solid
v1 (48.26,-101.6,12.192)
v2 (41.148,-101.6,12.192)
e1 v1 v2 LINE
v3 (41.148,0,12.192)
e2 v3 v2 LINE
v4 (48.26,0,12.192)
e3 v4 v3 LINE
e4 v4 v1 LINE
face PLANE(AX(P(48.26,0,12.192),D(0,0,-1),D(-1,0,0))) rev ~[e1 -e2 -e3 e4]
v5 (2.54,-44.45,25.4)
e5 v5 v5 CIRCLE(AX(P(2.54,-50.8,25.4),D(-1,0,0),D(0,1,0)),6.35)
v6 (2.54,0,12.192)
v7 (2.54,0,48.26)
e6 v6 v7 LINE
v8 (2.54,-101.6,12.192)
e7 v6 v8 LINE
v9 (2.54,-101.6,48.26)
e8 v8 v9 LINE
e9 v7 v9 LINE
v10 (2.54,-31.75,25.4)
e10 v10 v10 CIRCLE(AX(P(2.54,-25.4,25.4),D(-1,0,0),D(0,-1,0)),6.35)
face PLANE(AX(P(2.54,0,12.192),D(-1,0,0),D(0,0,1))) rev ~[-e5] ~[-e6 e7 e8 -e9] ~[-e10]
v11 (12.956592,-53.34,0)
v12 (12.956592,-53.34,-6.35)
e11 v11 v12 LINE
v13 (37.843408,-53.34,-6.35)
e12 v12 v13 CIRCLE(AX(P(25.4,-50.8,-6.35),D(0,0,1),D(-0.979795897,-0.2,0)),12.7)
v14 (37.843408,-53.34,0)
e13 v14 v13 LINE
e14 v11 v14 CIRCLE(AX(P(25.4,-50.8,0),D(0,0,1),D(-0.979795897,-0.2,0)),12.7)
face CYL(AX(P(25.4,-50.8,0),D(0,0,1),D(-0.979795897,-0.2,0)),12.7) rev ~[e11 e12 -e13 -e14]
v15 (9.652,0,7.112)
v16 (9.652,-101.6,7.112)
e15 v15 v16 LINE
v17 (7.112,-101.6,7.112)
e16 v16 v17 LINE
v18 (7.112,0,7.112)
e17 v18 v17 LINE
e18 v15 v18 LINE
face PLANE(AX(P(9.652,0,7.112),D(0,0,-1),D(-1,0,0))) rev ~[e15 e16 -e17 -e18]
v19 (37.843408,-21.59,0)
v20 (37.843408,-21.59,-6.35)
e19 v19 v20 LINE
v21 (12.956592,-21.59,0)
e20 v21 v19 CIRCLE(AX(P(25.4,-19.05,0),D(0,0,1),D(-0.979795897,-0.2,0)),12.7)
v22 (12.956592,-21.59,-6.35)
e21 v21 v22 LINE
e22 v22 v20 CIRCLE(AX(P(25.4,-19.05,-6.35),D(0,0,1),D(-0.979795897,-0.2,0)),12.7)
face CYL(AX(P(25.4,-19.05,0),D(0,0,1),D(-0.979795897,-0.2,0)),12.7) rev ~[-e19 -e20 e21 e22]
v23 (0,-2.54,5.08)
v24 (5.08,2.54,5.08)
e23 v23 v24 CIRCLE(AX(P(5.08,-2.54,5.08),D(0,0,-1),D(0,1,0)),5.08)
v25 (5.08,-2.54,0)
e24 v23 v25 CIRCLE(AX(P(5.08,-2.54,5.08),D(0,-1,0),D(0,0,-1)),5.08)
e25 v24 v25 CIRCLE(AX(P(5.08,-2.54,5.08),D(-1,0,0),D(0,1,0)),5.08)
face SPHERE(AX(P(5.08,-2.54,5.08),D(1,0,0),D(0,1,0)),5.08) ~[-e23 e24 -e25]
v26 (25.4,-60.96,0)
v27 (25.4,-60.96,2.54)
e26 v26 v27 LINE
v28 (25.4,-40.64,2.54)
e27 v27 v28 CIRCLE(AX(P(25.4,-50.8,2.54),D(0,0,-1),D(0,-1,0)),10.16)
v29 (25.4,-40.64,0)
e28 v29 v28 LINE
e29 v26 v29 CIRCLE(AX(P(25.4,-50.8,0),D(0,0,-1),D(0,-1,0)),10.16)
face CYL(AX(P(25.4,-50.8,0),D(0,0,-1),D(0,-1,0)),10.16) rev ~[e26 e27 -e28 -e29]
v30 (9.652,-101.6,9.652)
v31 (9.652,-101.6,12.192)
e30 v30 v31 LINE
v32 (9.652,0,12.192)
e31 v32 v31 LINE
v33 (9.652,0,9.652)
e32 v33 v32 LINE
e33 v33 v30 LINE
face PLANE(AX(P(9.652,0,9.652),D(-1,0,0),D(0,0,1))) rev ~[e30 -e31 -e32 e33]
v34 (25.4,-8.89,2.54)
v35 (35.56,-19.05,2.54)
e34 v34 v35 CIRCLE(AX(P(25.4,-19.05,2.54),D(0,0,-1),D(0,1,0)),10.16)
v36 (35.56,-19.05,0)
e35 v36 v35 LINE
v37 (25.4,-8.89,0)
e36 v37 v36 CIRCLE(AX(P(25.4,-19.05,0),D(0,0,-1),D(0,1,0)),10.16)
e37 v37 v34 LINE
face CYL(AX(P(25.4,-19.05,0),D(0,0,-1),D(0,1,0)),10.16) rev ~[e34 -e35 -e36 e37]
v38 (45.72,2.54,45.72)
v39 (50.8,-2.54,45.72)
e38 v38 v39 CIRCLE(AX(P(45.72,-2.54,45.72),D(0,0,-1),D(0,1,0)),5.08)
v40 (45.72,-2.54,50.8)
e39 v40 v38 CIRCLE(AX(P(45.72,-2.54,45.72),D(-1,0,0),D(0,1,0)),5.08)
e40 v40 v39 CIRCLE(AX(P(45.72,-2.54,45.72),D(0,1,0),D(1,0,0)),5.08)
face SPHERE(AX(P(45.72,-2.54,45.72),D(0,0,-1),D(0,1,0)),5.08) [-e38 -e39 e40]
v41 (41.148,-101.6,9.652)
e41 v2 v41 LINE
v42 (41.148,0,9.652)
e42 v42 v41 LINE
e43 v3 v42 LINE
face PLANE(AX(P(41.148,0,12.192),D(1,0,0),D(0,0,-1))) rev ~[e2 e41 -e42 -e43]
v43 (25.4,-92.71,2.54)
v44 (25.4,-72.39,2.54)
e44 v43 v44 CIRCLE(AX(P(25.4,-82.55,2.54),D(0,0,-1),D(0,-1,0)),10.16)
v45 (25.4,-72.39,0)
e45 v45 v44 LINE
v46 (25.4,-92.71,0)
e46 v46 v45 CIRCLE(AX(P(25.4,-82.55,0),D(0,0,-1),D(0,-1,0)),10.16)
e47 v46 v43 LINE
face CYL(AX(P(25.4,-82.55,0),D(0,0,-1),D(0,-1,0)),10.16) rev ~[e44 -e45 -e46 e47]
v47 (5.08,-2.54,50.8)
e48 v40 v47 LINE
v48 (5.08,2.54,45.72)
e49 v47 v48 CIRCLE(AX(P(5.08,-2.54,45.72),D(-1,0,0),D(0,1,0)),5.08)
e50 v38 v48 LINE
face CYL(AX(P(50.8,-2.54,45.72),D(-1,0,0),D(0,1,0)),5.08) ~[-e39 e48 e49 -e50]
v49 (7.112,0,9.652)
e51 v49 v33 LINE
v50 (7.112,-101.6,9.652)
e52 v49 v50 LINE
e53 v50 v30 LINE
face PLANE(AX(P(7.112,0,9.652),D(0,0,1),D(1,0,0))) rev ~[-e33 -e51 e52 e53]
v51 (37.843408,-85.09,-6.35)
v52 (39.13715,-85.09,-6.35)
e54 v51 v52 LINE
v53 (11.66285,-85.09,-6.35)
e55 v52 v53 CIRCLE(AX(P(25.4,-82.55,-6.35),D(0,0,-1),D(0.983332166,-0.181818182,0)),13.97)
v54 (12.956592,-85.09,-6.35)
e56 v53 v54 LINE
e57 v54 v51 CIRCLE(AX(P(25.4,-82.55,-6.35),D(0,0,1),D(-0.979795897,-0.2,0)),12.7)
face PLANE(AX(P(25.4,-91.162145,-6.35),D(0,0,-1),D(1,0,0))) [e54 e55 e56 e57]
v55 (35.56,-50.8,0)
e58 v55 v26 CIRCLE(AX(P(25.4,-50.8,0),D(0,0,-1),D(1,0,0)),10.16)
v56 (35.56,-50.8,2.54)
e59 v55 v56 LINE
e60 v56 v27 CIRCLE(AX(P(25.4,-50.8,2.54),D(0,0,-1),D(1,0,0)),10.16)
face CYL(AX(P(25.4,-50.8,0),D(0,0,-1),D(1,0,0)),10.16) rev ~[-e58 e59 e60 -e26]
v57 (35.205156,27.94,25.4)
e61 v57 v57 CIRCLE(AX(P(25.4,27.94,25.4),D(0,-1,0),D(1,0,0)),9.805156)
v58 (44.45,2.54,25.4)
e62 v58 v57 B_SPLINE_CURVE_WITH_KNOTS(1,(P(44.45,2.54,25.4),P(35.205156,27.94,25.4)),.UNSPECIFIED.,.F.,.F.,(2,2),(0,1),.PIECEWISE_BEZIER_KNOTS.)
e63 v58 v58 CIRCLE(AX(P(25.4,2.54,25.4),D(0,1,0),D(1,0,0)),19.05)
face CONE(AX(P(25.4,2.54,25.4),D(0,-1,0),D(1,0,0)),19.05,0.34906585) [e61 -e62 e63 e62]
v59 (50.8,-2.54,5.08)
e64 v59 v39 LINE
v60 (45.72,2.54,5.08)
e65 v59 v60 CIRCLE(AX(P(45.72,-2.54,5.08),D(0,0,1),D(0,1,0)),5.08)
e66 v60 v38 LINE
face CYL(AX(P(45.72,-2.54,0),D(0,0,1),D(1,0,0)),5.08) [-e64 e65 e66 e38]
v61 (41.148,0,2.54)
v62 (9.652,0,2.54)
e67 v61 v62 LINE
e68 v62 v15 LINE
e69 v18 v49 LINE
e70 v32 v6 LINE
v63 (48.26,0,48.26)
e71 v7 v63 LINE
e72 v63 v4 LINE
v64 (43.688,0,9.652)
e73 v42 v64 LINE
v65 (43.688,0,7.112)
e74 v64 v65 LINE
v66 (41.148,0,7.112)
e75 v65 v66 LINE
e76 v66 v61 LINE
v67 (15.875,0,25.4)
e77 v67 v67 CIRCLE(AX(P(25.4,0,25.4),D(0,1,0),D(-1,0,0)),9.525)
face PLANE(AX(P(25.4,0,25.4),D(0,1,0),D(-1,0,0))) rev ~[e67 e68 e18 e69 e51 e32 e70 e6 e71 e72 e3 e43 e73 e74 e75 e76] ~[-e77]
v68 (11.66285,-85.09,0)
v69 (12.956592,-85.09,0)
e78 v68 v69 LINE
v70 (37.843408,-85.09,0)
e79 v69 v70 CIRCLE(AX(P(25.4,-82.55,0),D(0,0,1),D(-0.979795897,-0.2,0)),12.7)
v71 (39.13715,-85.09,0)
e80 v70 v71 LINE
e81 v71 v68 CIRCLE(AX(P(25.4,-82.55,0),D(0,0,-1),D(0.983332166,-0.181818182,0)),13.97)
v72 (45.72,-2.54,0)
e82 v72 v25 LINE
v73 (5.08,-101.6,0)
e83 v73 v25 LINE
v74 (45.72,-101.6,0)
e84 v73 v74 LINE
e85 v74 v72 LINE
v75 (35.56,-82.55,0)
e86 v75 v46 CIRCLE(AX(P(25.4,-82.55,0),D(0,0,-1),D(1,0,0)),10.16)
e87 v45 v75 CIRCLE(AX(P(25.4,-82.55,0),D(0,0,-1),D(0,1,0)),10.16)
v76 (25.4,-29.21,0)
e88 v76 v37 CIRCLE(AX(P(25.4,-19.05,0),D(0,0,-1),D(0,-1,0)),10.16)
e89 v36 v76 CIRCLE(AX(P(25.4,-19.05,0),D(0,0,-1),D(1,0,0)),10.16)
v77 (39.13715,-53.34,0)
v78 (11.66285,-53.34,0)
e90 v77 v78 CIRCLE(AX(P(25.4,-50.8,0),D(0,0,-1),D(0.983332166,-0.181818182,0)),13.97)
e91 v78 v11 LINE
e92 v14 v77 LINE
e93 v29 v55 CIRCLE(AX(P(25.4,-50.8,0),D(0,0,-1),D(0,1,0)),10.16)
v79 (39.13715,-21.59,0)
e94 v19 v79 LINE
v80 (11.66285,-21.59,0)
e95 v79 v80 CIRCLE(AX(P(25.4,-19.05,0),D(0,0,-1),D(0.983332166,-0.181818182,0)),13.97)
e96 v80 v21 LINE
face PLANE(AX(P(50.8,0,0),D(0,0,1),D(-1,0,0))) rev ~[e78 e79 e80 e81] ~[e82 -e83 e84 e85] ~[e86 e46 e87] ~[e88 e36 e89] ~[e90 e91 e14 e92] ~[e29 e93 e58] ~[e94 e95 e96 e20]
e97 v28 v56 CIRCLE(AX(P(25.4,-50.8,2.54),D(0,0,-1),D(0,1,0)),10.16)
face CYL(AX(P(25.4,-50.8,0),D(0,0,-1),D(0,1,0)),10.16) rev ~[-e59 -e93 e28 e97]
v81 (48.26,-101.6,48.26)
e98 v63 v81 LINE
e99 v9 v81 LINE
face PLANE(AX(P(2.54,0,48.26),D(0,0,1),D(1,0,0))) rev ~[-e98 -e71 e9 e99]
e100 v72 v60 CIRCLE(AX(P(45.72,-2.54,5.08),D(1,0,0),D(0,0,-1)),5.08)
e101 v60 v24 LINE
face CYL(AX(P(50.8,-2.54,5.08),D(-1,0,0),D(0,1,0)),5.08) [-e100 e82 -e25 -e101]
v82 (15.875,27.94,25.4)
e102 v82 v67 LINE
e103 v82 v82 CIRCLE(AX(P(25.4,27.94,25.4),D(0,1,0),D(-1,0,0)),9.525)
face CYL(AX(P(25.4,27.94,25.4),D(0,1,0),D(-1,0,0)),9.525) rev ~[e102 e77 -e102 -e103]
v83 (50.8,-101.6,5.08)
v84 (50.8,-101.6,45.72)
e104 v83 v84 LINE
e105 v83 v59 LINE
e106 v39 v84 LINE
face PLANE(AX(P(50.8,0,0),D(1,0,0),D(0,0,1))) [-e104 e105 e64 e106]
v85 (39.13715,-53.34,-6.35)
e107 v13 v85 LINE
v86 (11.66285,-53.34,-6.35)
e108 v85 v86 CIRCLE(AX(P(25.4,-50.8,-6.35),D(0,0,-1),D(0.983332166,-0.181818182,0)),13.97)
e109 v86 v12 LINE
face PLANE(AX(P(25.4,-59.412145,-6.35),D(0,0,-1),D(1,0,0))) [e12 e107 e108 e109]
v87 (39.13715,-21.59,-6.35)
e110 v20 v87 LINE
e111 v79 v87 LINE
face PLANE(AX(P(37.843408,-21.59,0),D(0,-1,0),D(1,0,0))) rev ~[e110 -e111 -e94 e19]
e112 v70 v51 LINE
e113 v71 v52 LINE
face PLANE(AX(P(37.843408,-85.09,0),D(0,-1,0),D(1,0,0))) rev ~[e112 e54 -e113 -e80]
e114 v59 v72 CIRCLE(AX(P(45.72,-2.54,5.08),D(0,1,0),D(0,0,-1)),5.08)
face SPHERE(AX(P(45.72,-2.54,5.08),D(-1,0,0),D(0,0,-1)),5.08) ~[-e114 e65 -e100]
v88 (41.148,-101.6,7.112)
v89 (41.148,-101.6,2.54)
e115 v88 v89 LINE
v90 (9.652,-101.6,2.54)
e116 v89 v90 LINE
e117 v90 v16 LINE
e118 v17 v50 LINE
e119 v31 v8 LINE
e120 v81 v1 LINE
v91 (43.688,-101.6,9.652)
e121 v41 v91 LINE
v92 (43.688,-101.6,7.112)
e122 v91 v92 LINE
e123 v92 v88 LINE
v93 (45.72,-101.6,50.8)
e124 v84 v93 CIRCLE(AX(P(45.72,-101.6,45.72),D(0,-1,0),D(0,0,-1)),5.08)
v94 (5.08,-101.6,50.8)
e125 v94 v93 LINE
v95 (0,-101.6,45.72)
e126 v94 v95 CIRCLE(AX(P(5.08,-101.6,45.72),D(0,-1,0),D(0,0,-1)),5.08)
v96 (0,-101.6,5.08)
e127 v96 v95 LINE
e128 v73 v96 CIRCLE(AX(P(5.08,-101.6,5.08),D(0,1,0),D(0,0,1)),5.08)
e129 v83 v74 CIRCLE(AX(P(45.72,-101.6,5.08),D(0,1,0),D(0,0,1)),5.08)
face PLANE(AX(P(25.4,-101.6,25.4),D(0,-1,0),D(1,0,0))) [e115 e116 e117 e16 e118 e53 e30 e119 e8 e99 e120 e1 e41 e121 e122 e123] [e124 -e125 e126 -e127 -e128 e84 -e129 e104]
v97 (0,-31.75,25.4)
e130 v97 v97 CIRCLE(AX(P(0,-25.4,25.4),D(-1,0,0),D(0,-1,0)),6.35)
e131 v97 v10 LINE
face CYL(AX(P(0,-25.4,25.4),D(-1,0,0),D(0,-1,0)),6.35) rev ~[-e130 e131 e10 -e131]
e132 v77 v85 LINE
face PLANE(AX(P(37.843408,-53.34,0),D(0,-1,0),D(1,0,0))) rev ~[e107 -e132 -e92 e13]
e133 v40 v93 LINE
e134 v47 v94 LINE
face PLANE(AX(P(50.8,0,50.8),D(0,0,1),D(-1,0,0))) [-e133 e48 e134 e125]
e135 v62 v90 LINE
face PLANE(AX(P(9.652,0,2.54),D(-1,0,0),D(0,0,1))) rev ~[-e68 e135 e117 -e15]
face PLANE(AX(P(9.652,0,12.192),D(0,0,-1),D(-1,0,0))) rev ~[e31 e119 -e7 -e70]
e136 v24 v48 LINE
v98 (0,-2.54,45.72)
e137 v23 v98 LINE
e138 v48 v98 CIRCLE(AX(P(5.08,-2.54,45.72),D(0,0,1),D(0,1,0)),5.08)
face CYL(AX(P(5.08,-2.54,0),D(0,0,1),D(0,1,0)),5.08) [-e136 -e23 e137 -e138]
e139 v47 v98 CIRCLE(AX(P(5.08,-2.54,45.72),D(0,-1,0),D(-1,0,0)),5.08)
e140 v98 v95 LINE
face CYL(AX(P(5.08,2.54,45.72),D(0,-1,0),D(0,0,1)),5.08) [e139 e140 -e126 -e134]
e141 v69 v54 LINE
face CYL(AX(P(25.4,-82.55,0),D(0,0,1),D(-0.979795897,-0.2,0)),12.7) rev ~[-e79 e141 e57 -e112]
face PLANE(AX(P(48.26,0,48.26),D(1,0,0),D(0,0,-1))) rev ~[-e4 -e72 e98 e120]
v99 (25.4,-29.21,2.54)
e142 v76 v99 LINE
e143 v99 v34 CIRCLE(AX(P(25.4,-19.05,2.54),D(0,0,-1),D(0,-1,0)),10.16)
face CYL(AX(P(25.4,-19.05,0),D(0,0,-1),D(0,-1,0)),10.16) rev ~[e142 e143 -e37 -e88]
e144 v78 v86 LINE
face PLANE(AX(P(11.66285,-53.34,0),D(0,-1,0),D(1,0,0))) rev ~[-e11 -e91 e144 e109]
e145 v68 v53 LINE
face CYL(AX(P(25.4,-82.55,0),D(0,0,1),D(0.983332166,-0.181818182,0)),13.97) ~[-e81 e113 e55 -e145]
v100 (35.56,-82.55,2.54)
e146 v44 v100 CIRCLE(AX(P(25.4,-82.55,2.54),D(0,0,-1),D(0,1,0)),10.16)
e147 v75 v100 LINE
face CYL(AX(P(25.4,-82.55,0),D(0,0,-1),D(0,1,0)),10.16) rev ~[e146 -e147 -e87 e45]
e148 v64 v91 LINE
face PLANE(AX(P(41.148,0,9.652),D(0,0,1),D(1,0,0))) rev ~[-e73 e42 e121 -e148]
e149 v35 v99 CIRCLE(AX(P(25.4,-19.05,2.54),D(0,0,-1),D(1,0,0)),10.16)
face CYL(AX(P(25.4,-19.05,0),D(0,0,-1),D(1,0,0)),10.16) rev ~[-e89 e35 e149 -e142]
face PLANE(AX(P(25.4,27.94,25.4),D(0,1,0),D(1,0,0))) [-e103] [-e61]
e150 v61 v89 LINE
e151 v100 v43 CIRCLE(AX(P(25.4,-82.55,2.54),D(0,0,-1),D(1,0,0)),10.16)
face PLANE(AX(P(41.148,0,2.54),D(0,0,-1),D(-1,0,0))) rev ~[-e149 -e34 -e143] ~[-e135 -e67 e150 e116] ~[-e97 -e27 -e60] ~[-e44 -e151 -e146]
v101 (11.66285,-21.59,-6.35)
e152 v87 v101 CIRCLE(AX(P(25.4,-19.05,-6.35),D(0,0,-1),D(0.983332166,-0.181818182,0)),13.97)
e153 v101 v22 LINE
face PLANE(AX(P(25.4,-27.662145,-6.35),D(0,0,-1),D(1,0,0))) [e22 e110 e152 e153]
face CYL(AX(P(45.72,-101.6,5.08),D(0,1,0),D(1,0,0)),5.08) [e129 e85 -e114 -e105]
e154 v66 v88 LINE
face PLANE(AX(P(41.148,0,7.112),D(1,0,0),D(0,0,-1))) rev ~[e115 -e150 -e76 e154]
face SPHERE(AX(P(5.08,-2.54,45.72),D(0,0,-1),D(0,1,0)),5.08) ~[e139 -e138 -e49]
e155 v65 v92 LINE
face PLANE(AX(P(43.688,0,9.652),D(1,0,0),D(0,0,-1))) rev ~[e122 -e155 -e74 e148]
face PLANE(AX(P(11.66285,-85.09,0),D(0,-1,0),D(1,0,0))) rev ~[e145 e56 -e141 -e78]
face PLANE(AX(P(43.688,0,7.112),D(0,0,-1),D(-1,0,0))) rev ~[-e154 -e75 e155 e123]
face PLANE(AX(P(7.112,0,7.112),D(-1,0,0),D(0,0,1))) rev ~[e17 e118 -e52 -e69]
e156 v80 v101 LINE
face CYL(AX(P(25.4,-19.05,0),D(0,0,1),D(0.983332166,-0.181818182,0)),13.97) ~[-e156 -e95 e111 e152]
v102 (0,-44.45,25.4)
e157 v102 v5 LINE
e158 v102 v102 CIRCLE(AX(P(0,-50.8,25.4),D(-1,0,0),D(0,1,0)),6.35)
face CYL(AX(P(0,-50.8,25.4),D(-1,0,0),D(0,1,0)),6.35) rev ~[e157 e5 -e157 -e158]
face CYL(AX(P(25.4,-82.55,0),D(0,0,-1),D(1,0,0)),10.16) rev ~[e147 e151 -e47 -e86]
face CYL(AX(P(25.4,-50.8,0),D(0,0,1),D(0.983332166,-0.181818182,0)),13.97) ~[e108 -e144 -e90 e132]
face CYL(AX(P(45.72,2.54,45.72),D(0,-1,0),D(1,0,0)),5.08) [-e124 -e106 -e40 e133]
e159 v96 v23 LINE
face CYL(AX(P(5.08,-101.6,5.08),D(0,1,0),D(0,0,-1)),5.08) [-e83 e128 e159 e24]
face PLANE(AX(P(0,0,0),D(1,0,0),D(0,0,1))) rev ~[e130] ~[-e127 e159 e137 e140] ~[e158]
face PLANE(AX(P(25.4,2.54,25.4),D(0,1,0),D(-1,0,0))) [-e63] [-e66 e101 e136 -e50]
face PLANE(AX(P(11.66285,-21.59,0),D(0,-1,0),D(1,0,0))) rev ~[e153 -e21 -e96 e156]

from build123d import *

# Parameters (mm, degrees)
F0_W      = 50.8
F0_H      = 50.8
F1_DEPTH  = 101.6
F3_DEPTH  = 7.62
F5_DEPTH  = 7.62
F7_DEPTH  = 6.35
F8_W      = 50.8
F8_H      = 50.8
F9_DEPTH  = 2.54
F11_DEPTH = 25.4
F11_TAPER = 20
F12_R     = 9.525
F13_DEPTH = 129.541
F14_R     = 5.08


with BuildPart() as f1:
    # F0 (on Front) → F1 (new body)
    with BuildSketch(Plane.XZ):
        with Locations((25.4, 25.4)):
            Rectangle(F0_W, F0_H)
        Polygon((2.54, 12.192), (2.54, 48.26), (48.26, 48.26), (48.26, 12.192), (41.148, 12.192), (41.148, 9.652), (43.688, 9.652), (43.688, 7.112), (41.148, 7.112), (41.148, 2.54), (9.652, 2.54), (9.652, 7.112), (7.112, 7.112), (7.112, 9.652), (9.652, 9.652), (9.652, 12.192), align=None, mode=Mode.SUBTRACT)
    extrude(amount=F1_DEPTH)

    # F2 (on face) → F3 (cut)
    with BuildSketch(Plane(origin=(0, 0, 0), x_dir=(1, 0, 0), z_dir=(0, 0, -1))):
        with BuildLine():
            ThreePointArc((25.4, 8.89), (32.5842048969, 11.8657951031), (35.56, 19.05))
            ThreePointArc((35.56, 19.05), (32.5842048969, 26.2342048969), (25.4, 29.21))
            Line((25.4, 29.21), (25.4, 8.89))
        make_face()
        with BuildLine():
            Line((25.4, 8.89), (25.4, 29.21))
            ThreePointArc((25.4, 29.21), (15.24, 19.05), (25.4, 8.89))
        make_face()
        with BuildLine():
            Line((25.4, 60.96), (25.4, 40.64))
            ThreePointArc((25.4, 40.64), (32.5842048969, 43.6157951031), (35.56, 50.8))
            ThreePointArc((35.56, 50.8), (32.5842048969, 57.9842048969), (25.4, 60.96))
        make_face()
        with BuildLine():
            ThreePointArc((25.4, 60.96), (15.24, 50.8), (25.4, 40.64))
            Line((25.4, 40.64), (25.4, 60.96))
        make_face()
        with BuildLine():
            Line((25.4, 92.71), (25.4, 72.39))
            ThreePointArc((25.4, 72.39), (32.5842048969, 75.3657951031), (35.56, 82.55))
            ThreePointArc((35.56, 82.55), (32.5842048969, 89.7342048969), (25.4, 92.71))
        make_face()
        with BuildLine():
            ThreePointArc((25.4, 92.71), (15.24, 82.55), (25.4, 72.39))
            Line((25.4, 72.39), (25.4, 92.71))
        make_face()
    extrude(amount=-F3_DEPTH, mode=Mode.SUBTRACT)

    # F4 (on face) → F5 (cut)
    with BuildSketch(Plane(origin=(0, 0, 0), x_dir=(0, -1, 0), z_dir=(-1, 0, 0))):
        with BuildLine():
            Line((44.45, 25.4), (57.15, 25.4))
            ThreePointArc((57.15, 25.4), (50.8, 31.75), (44.45, 25.4))
        make_face()
        with BuildLine():
            ThreePointArc((19.05, 25.4), (25.4, 19.05), (31.75, 25.4))
            Line((31.75, 25.4), (19.05, 25.4))
        make_face()
        with BuildLine():
            Line((19.05, 25.4), (31.75, 25.4))
            ThreePointArc((31.75, 25.4), (25.4, 31.75), (19.05, 25.4))
        make_face()
        with BuildLine():
            ThreePointArc((44.45, 25.4), (50.8, 19.05), (57.15, 25.4))
            Line((57.15, 25.4), (44.45, 25.4))
        make_face()
    extrude(amount=-F5_DEPTH, mode=Mode.SUBTRACT)

    # F6 (on face) → F7 (join)
    with BuildSketch(Plane(origin=(0, 0, 0), x_dir=(1, 0, 0), z_dir=(0, 0, -1))):
        with BuildLine():
            ThreePointArc((12.9565921067, 85.09), (25.4, 95.25), (37.8434078933, 85.09))
            Line((37.8434078933, 85.09), (39.1371503595, 85.09))
            ThreePointArc((39.1371503595, 85.09), (25.4, 96.52), (11.6628496405, 85.09))
            Line((11.6628496405, 85.09), (12.9565921067, 85.09))
        make_face()
        with BuildLine():
            ThreePointArc((12.9565921067, 53.34), (25.4, 63.5), (37.8434078933, 53.34))
            Line((37.8434078933, 53.34), (39.1371503595, 53.34))
            ThreePointArc((39.1371503595, 53.34), (25.4, 64.77), (11.6628496405, 53.34))
            Line((11.6628496405, 53.34), (12.9565921067, 53.34))
        make_face()
        with BuildLine():
            ThreePointArc((12.9565921067, 21.59), (25.4, 31.75), (37.8434078933, 21.59))
            Line((37.8434078933, 21.59), (39.1371503595, 21.59))
            ThreePointArc((39.1371503595, 21.59), (25.4, 33.02), (11.6628496405, 21.59))
            Line((11.6628496405, 21.59), (12.9565921067, 21.59))
        make_face()
    extrude(amount=F7_DEPTH)

    # F8 (on face) → F9 (join)
    with BuildSketch(Plane(origin=(0, 0, 0), x_dir=(-1, 0, 0), z_dir=(0, 1, 0))):
        with Locations((-25.4, 25.4)):
            Rectangle(F8_W, F8_H)
    extrude(amount=F9_DEPTH)

    # F10 (on face) → F11 (join)
    with BuildSketch(Plane(origin=(0, 2.54, 0), x_dir=(-1, 0, 0), z_dir=(0, 1, 0))):
        with BuildLine():
            Line((-44.45, 25.4), (-6.35, 25.4))
            ThreePointArc((-6.35, 25.4), (-25.4, 44.45), (-44.45, 25.4))
        make_face()
        with BuildLine():
            ThreePointArc((-44.45, 25.4), (-25.4, 6.35), (-6.35, 25.4))
            Line((-6.35, 25.4), (-44.45, 25.4))
        make_face()
    extrude(amount=F11_DEPTH, taper=F11_TAPER)

    # F12 (on face) → F13 (cut, through all)
    with BuildSketch(Plane(origin=(0, 27.94, 0), x_dir=(-1, 0, 0), z_dir=(0, 1, 0))):
        with Locations((-25.4, 25.4)):
            Circle(F12_R)
    extrude(amount=-F13_DEPTH, mode=Mode.SUBTRACT)

    # F14
    f14_edges = [f1.edges().sort_by_distance(p)[0] for p in [
        (25.4, 2.54, 0),
        (0, 2.54, 25.4),
        (0, -49.53, 0),
        (50.8, -49.53, 0),
        (50.8, 2.54, 25.4),
        (25.4, 2.54, 50.8),
        (50.8, -49.53, 50.8),
        (0, -49.53, 50.8),
    ]]
    fillet(f14_edges, radius=F14_R)


solid = f1.part
